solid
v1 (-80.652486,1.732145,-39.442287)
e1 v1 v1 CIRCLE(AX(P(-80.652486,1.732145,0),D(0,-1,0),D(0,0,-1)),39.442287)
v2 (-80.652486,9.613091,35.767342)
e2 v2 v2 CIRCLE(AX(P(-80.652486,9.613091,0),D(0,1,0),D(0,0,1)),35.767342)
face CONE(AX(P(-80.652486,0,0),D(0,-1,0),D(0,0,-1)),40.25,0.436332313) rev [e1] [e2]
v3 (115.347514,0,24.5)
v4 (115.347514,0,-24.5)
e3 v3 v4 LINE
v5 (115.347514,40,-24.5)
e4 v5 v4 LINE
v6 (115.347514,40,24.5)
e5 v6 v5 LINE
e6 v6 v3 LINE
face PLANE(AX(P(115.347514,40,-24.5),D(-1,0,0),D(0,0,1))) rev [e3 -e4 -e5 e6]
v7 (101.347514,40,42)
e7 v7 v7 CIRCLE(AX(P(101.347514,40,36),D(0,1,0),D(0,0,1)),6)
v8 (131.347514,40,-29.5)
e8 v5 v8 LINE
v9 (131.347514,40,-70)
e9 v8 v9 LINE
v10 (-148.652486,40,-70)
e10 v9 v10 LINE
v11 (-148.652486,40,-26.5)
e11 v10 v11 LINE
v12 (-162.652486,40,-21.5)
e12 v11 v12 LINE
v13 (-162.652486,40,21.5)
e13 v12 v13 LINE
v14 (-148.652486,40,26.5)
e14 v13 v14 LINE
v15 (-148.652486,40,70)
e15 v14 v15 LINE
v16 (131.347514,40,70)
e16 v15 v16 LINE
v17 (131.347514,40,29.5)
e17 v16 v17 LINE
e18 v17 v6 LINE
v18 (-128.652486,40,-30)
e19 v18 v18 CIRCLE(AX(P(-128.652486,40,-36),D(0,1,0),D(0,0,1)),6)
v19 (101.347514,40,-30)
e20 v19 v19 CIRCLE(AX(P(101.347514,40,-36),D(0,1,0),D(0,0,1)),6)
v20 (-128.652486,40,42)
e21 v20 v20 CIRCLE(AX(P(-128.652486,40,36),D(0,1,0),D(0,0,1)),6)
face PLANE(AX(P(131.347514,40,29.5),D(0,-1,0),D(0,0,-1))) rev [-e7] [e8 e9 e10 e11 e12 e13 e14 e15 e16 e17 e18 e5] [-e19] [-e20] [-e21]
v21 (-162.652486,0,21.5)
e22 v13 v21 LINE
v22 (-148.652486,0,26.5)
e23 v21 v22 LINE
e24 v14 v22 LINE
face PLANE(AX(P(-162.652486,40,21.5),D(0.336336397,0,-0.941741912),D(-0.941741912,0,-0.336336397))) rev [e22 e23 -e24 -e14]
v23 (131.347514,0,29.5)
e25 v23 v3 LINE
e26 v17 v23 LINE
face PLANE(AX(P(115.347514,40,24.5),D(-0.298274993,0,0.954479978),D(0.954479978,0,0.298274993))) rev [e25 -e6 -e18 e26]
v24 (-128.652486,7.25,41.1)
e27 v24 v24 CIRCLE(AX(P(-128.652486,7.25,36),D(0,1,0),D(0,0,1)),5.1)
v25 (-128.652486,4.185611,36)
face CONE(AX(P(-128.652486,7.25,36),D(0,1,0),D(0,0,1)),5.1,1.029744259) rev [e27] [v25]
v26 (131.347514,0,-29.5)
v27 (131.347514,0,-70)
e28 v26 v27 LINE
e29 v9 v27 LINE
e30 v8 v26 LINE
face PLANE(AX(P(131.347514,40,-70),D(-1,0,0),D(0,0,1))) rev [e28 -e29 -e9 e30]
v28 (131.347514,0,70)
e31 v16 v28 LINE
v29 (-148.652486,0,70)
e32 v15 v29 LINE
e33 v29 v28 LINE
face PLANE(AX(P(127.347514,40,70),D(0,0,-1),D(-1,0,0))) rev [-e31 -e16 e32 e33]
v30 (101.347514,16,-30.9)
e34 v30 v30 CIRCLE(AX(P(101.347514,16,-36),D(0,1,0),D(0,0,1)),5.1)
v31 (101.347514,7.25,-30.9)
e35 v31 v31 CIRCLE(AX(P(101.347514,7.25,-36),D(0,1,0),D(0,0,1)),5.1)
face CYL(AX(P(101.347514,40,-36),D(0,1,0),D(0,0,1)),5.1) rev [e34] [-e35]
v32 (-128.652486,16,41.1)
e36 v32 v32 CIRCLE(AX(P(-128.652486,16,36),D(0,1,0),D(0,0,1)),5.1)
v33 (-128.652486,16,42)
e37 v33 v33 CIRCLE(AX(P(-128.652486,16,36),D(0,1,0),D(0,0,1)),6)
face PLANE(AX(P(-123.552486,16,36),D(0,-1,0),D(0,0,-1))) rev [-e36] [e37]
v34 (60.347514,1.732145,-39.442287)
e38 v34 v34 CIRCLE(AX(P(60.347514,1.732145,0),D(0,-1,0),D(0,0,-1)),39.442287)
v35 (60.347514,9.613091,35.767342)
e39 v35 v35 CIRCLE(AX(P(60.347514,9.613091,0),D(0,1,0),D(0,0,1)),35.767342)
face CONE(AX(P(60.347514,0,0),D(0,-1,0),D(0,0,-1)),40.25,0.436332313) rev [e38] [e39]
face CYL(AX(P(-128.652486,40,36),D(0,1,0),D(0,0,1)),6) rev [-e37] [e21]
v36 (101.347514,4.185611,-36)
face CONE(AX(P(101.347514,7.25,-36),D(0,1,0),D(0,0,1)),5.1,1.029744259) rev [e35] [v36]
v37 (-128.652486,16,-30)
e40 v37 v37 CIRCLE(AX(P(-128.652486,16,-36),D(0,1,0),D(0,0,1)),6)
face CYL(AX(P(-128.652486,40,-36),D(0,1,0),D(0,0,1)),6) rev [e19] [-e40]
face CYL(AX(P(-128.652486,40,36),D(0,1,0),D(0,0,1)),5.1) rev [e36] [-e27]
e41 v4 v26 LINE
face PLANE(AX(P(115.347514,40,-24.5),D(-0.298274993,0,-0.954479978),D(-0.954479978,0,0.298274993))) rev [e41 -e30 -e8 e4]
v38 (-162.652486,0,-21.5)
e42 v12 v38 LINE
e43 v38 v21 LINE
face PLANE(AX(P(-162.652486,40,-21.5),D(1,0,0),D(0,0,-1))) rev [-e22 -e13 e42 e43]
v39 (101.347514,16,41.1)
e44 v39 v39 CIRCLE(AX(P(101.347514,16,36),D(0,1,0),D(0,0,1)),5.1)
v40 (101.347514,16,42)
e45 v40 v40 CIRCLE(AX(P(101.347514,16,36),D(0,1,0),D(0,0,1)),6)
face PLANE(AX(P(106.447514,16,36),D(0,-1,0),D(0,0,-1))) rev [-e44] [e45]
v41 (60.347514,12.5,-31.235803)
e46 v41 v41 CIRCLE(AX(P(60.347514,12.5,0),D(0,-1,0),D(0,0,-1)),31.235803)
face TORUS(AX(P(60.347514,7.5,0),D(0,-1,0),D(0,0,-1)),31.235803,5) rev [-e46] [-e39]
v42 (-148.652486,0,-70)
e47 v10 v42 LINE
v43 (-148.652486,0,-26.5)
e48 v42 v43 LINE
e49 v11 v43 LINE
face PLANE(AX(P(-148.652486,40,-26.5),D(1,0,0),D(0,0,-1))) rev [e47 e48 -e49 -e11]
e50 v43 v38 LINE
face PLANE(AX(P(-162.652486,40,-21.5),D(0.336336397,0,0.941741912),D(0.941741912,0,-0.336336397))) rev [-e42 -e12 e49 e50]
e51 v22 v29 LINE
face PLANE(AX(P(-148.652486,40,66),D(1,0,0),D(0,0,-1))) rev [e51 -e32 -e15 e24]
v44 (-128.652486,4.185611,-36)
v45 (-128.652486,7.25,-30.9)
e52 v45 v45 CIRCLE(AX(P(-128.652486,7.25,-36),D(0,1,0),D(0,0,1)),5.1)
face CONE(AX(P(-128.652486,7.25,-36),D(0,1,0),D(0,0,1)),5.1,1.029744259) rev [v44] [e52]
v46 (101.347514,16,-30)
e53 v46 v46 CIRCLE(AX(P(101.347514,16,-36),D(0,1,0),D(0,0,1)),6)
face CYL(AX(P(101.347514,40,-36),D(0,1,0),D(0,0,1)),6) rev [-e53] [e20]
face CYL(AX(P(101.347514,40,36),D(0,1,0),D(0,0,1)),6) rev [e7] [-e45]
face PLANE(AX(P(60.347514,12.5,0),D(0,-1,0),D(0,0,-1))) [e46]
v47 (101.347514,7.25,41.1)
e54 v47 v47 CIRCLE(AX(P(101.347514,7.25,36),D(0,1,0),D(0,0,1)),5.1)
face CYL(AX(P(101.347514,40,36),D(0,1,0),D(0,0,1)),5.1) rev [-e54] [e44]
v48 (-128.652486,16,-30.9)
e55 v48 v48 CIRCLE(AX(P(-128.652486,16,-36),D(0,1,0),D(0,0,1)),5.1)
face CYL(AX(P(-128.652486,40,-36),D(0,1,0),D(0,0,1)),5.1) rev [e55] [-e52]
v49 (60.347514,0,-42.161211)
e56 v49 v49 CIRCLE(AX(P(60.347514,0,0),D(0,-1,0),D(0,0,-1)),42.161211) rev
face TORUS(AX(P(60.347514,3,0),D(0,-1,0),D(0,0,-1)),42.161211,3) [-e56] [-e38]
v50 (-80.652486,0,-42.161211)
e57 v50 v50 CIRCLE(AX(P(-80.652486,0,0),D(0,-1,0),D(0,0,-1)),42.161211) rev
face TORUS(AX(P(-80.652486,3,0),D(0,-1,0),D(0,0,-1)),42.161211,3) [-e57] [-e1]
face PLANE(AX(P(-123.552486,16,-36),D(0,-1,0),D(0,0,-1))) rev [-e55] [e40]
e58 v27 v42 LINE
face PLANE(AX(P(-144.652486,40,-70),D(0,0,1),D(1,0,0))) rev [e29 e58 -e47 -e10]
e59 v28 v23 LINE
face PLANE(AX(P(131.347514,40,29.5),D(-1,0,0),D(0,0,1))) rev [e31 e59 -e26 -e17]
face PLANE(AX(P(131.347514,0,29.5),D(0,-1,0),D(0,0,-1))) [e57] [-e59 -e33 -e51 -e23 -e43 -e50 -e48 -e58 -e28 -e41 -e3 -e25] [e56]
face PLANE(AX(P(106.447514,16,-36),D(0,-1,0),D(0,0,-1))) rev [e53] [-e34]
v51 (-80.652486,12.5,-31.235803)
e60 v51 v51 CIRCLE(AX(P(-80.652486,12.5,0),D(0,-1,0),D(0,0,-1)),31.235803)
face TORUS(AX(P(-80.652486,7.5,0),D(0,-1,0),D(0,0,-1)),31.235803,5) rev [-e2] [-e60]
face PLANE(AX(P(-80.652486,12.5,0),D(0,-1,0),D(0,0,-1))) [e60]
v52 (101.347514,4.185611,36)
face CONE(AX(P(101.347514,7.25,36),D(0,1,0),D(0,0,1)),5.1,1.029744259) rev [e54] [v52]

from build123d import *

# Parameters (mm, degrees)
ESTRUSIONE1_DEPTH                   = 40
SCHIZZO5_R                          = 40.25
ESTRUSIONE4_DEPTH                   = 12.5
SFORMO2_ANGLE                       = 25
RACCORDO1_R                         = 3
RACCORDO2_R                         = 5
RIPETIZIONE_A_L1_COUNT              = 2
RIPETIZIONE_A_L1_PITCH              = 141
SFORMO2_OF_RIPETIZIONE_A_L1_2_ANGLE = 25
RACCORDO1_OF_RIPETIZIONE_A_L1_R     = 3
RACCORDO2_OF_RIPETIZIONE_A_L1_R     = 5
M12_TAPPED_HOLE1_D                  = 10.2
M12_TAPPED_HOLE1_DEPTH              = 32.75
M12_TAPPED_HOLE1_CBORE_D            = 12
M12_TAPPED_HOLE1_CBORE_DEPTH        = 24
M12_TAPPED_HOLE1_TIP                = 3.064389157


with BuildPart() as part:
    # Schizzo2 → Estrusione1 (new body)
    with BuildSketch(Plane(origin=(0, 0, 0), x_dir=(1, 0, 0), z_dir=(0, 1, 0))):
        Polygon((-162.652486086, 21.5), (-162.652486086, -21.5), (-148.652486086, -26.5), (-148.652486086, -66), (-148.652486086, -70), (-144.652486086, -70), (127.347513914, -70), (131.347513914, -70), (131.347513914, -66), (131.347513914, -29.5), (115.347513914, -24.5), (115.347513914, 24.5), (131.347513914, 29.5), (131.347513914, 66), (131.347513914, 70), (127.347513914, 70), (-144.652486086, 70), (-148.652486086, 70), (-148.652486086, 66), (-148.652486086, 26.5), align=None)
    extrude(amount=ESTRUSIONE1_DEPTH)

    # Schizzo5 → Estrusione4 (cut)
    with BuildSketch(Plane.XZ):
        with Locations(Location((-80.652486086, 0, 0), (0, 0, 270))):
            Circle(SCHIZZO5_R)
    estrusione4 = extrude(amount=-ESTRUSIONE4_DEPTH, mode=Mode.SUBTRACT)

    # Sformo2
    sformo2_faces = [part.faces().sort_by_distance(p)[0] for p in [
        (-80.652486086, 6.25, 40.25),
    ]]
    draft(sformo2_faces, Plane(origin=(131.347513914, 0, 29.5), x_dir=(0, 0, -1), z_dir=(0, -1, 0)), SFORMO2_ANGLE)

    # Raccordo1
    raccordo1_edges = [part.edges().sort_by_distance(p)[0] for p in [
        (-80.652486086, 0, 40.25),
    ]]
    fillet(raccordo1_edges, radius=RACCORDO1_R)

    # Raccordo2
    raccordo2_edges = [part.edges().sort_by_distance(p)[0] for p in [
        (-80.652486086, 12.5, 34.421154273),
    ]]
    fillet(raccordo2_edges, radius=RACCORDO2_R)

    # Ripetizione a L1: Estrusione4 ×2
    with Locations(*[(i * RIPETIZIONE_A_L1_PITCH, 0, 0) for i in range(1, RIPETIZIONE_A_L1_COUNT)]):
        add(estrusione4, mode=Mode.SUBTRACT)

    # Sformo2 of Ripetizione a L1 2
    sformo2_of_ripetizione_a_l1_2_faces = [part.faces().sort_by_distance(p)[0] for p in [
        (60.347513914, 6.25, 40.25),
    ]]
    draft(sformo2_of_ripetizione_a_l1_2_faces, Plane(origin=(272.347513914, 0, 29.5), x_dir=(0, 0, -1), z_dir=(0, -1, 0)), SFORMO2_OF_RIPETIZIONE_A_L1_2_ANGLE)

    # Raccordo1 of Ripetizione a L1
    raccordo1_of_ripetizione_a_l1_edges = [part.edges().sort_by_distance(p)[0] for p in [
        (60.347513914, 0, 40.25),
    ]]
    fillet(raccordo1_of_ripetizione_a_l1_edges, radius=RACCORDO1_OF_RIPETIZIONE_A_L1_R)

    # Raccordo2 of Ripetizione a L1
    raccordo2_of_ripetizione_a_l1_edges = [part.edges().sort_by_distance(p)[0] for p in [
        (60.347513914, 12.5, 34.421154273),
    ]]
    fillet(raccordo2_of_ripetizione_a_l1_edges, radius=RACCORDO2_OF_RIPETIZIONE_A_L1_R)

    # M12 Tapped Hole1
    with Locations(Plane(origin=(-128.652486086, 40, -36), x_dir=(0, 0, 1), z_dir=(0, 1, 0))):
        with Locations((0, 0), (0, 230), (72, 230), (72, 0)):
            CounterBoreHole(M12_TAPPED_HOLE1_D / 2, M12_TAPPED_HOLE1_CBORE_D / 2, M12_TAPPED_HOLE1_CBORE_DEPTH, depth=M12_TAPPED_HOLE1_DEPTH)
            with Locations((0, 0, -(M12_TAPPED_HOLE1_DEPTH + M12_TAPPED_HOLE1_TIP / 2))):  # 118° drill point
                Cone(0, M12_TAPPED_HOLE1_D / 2, M12_TAPPED_HOLE1_TIP, mode=Mode.SUBTRACT)


solid = part.part
